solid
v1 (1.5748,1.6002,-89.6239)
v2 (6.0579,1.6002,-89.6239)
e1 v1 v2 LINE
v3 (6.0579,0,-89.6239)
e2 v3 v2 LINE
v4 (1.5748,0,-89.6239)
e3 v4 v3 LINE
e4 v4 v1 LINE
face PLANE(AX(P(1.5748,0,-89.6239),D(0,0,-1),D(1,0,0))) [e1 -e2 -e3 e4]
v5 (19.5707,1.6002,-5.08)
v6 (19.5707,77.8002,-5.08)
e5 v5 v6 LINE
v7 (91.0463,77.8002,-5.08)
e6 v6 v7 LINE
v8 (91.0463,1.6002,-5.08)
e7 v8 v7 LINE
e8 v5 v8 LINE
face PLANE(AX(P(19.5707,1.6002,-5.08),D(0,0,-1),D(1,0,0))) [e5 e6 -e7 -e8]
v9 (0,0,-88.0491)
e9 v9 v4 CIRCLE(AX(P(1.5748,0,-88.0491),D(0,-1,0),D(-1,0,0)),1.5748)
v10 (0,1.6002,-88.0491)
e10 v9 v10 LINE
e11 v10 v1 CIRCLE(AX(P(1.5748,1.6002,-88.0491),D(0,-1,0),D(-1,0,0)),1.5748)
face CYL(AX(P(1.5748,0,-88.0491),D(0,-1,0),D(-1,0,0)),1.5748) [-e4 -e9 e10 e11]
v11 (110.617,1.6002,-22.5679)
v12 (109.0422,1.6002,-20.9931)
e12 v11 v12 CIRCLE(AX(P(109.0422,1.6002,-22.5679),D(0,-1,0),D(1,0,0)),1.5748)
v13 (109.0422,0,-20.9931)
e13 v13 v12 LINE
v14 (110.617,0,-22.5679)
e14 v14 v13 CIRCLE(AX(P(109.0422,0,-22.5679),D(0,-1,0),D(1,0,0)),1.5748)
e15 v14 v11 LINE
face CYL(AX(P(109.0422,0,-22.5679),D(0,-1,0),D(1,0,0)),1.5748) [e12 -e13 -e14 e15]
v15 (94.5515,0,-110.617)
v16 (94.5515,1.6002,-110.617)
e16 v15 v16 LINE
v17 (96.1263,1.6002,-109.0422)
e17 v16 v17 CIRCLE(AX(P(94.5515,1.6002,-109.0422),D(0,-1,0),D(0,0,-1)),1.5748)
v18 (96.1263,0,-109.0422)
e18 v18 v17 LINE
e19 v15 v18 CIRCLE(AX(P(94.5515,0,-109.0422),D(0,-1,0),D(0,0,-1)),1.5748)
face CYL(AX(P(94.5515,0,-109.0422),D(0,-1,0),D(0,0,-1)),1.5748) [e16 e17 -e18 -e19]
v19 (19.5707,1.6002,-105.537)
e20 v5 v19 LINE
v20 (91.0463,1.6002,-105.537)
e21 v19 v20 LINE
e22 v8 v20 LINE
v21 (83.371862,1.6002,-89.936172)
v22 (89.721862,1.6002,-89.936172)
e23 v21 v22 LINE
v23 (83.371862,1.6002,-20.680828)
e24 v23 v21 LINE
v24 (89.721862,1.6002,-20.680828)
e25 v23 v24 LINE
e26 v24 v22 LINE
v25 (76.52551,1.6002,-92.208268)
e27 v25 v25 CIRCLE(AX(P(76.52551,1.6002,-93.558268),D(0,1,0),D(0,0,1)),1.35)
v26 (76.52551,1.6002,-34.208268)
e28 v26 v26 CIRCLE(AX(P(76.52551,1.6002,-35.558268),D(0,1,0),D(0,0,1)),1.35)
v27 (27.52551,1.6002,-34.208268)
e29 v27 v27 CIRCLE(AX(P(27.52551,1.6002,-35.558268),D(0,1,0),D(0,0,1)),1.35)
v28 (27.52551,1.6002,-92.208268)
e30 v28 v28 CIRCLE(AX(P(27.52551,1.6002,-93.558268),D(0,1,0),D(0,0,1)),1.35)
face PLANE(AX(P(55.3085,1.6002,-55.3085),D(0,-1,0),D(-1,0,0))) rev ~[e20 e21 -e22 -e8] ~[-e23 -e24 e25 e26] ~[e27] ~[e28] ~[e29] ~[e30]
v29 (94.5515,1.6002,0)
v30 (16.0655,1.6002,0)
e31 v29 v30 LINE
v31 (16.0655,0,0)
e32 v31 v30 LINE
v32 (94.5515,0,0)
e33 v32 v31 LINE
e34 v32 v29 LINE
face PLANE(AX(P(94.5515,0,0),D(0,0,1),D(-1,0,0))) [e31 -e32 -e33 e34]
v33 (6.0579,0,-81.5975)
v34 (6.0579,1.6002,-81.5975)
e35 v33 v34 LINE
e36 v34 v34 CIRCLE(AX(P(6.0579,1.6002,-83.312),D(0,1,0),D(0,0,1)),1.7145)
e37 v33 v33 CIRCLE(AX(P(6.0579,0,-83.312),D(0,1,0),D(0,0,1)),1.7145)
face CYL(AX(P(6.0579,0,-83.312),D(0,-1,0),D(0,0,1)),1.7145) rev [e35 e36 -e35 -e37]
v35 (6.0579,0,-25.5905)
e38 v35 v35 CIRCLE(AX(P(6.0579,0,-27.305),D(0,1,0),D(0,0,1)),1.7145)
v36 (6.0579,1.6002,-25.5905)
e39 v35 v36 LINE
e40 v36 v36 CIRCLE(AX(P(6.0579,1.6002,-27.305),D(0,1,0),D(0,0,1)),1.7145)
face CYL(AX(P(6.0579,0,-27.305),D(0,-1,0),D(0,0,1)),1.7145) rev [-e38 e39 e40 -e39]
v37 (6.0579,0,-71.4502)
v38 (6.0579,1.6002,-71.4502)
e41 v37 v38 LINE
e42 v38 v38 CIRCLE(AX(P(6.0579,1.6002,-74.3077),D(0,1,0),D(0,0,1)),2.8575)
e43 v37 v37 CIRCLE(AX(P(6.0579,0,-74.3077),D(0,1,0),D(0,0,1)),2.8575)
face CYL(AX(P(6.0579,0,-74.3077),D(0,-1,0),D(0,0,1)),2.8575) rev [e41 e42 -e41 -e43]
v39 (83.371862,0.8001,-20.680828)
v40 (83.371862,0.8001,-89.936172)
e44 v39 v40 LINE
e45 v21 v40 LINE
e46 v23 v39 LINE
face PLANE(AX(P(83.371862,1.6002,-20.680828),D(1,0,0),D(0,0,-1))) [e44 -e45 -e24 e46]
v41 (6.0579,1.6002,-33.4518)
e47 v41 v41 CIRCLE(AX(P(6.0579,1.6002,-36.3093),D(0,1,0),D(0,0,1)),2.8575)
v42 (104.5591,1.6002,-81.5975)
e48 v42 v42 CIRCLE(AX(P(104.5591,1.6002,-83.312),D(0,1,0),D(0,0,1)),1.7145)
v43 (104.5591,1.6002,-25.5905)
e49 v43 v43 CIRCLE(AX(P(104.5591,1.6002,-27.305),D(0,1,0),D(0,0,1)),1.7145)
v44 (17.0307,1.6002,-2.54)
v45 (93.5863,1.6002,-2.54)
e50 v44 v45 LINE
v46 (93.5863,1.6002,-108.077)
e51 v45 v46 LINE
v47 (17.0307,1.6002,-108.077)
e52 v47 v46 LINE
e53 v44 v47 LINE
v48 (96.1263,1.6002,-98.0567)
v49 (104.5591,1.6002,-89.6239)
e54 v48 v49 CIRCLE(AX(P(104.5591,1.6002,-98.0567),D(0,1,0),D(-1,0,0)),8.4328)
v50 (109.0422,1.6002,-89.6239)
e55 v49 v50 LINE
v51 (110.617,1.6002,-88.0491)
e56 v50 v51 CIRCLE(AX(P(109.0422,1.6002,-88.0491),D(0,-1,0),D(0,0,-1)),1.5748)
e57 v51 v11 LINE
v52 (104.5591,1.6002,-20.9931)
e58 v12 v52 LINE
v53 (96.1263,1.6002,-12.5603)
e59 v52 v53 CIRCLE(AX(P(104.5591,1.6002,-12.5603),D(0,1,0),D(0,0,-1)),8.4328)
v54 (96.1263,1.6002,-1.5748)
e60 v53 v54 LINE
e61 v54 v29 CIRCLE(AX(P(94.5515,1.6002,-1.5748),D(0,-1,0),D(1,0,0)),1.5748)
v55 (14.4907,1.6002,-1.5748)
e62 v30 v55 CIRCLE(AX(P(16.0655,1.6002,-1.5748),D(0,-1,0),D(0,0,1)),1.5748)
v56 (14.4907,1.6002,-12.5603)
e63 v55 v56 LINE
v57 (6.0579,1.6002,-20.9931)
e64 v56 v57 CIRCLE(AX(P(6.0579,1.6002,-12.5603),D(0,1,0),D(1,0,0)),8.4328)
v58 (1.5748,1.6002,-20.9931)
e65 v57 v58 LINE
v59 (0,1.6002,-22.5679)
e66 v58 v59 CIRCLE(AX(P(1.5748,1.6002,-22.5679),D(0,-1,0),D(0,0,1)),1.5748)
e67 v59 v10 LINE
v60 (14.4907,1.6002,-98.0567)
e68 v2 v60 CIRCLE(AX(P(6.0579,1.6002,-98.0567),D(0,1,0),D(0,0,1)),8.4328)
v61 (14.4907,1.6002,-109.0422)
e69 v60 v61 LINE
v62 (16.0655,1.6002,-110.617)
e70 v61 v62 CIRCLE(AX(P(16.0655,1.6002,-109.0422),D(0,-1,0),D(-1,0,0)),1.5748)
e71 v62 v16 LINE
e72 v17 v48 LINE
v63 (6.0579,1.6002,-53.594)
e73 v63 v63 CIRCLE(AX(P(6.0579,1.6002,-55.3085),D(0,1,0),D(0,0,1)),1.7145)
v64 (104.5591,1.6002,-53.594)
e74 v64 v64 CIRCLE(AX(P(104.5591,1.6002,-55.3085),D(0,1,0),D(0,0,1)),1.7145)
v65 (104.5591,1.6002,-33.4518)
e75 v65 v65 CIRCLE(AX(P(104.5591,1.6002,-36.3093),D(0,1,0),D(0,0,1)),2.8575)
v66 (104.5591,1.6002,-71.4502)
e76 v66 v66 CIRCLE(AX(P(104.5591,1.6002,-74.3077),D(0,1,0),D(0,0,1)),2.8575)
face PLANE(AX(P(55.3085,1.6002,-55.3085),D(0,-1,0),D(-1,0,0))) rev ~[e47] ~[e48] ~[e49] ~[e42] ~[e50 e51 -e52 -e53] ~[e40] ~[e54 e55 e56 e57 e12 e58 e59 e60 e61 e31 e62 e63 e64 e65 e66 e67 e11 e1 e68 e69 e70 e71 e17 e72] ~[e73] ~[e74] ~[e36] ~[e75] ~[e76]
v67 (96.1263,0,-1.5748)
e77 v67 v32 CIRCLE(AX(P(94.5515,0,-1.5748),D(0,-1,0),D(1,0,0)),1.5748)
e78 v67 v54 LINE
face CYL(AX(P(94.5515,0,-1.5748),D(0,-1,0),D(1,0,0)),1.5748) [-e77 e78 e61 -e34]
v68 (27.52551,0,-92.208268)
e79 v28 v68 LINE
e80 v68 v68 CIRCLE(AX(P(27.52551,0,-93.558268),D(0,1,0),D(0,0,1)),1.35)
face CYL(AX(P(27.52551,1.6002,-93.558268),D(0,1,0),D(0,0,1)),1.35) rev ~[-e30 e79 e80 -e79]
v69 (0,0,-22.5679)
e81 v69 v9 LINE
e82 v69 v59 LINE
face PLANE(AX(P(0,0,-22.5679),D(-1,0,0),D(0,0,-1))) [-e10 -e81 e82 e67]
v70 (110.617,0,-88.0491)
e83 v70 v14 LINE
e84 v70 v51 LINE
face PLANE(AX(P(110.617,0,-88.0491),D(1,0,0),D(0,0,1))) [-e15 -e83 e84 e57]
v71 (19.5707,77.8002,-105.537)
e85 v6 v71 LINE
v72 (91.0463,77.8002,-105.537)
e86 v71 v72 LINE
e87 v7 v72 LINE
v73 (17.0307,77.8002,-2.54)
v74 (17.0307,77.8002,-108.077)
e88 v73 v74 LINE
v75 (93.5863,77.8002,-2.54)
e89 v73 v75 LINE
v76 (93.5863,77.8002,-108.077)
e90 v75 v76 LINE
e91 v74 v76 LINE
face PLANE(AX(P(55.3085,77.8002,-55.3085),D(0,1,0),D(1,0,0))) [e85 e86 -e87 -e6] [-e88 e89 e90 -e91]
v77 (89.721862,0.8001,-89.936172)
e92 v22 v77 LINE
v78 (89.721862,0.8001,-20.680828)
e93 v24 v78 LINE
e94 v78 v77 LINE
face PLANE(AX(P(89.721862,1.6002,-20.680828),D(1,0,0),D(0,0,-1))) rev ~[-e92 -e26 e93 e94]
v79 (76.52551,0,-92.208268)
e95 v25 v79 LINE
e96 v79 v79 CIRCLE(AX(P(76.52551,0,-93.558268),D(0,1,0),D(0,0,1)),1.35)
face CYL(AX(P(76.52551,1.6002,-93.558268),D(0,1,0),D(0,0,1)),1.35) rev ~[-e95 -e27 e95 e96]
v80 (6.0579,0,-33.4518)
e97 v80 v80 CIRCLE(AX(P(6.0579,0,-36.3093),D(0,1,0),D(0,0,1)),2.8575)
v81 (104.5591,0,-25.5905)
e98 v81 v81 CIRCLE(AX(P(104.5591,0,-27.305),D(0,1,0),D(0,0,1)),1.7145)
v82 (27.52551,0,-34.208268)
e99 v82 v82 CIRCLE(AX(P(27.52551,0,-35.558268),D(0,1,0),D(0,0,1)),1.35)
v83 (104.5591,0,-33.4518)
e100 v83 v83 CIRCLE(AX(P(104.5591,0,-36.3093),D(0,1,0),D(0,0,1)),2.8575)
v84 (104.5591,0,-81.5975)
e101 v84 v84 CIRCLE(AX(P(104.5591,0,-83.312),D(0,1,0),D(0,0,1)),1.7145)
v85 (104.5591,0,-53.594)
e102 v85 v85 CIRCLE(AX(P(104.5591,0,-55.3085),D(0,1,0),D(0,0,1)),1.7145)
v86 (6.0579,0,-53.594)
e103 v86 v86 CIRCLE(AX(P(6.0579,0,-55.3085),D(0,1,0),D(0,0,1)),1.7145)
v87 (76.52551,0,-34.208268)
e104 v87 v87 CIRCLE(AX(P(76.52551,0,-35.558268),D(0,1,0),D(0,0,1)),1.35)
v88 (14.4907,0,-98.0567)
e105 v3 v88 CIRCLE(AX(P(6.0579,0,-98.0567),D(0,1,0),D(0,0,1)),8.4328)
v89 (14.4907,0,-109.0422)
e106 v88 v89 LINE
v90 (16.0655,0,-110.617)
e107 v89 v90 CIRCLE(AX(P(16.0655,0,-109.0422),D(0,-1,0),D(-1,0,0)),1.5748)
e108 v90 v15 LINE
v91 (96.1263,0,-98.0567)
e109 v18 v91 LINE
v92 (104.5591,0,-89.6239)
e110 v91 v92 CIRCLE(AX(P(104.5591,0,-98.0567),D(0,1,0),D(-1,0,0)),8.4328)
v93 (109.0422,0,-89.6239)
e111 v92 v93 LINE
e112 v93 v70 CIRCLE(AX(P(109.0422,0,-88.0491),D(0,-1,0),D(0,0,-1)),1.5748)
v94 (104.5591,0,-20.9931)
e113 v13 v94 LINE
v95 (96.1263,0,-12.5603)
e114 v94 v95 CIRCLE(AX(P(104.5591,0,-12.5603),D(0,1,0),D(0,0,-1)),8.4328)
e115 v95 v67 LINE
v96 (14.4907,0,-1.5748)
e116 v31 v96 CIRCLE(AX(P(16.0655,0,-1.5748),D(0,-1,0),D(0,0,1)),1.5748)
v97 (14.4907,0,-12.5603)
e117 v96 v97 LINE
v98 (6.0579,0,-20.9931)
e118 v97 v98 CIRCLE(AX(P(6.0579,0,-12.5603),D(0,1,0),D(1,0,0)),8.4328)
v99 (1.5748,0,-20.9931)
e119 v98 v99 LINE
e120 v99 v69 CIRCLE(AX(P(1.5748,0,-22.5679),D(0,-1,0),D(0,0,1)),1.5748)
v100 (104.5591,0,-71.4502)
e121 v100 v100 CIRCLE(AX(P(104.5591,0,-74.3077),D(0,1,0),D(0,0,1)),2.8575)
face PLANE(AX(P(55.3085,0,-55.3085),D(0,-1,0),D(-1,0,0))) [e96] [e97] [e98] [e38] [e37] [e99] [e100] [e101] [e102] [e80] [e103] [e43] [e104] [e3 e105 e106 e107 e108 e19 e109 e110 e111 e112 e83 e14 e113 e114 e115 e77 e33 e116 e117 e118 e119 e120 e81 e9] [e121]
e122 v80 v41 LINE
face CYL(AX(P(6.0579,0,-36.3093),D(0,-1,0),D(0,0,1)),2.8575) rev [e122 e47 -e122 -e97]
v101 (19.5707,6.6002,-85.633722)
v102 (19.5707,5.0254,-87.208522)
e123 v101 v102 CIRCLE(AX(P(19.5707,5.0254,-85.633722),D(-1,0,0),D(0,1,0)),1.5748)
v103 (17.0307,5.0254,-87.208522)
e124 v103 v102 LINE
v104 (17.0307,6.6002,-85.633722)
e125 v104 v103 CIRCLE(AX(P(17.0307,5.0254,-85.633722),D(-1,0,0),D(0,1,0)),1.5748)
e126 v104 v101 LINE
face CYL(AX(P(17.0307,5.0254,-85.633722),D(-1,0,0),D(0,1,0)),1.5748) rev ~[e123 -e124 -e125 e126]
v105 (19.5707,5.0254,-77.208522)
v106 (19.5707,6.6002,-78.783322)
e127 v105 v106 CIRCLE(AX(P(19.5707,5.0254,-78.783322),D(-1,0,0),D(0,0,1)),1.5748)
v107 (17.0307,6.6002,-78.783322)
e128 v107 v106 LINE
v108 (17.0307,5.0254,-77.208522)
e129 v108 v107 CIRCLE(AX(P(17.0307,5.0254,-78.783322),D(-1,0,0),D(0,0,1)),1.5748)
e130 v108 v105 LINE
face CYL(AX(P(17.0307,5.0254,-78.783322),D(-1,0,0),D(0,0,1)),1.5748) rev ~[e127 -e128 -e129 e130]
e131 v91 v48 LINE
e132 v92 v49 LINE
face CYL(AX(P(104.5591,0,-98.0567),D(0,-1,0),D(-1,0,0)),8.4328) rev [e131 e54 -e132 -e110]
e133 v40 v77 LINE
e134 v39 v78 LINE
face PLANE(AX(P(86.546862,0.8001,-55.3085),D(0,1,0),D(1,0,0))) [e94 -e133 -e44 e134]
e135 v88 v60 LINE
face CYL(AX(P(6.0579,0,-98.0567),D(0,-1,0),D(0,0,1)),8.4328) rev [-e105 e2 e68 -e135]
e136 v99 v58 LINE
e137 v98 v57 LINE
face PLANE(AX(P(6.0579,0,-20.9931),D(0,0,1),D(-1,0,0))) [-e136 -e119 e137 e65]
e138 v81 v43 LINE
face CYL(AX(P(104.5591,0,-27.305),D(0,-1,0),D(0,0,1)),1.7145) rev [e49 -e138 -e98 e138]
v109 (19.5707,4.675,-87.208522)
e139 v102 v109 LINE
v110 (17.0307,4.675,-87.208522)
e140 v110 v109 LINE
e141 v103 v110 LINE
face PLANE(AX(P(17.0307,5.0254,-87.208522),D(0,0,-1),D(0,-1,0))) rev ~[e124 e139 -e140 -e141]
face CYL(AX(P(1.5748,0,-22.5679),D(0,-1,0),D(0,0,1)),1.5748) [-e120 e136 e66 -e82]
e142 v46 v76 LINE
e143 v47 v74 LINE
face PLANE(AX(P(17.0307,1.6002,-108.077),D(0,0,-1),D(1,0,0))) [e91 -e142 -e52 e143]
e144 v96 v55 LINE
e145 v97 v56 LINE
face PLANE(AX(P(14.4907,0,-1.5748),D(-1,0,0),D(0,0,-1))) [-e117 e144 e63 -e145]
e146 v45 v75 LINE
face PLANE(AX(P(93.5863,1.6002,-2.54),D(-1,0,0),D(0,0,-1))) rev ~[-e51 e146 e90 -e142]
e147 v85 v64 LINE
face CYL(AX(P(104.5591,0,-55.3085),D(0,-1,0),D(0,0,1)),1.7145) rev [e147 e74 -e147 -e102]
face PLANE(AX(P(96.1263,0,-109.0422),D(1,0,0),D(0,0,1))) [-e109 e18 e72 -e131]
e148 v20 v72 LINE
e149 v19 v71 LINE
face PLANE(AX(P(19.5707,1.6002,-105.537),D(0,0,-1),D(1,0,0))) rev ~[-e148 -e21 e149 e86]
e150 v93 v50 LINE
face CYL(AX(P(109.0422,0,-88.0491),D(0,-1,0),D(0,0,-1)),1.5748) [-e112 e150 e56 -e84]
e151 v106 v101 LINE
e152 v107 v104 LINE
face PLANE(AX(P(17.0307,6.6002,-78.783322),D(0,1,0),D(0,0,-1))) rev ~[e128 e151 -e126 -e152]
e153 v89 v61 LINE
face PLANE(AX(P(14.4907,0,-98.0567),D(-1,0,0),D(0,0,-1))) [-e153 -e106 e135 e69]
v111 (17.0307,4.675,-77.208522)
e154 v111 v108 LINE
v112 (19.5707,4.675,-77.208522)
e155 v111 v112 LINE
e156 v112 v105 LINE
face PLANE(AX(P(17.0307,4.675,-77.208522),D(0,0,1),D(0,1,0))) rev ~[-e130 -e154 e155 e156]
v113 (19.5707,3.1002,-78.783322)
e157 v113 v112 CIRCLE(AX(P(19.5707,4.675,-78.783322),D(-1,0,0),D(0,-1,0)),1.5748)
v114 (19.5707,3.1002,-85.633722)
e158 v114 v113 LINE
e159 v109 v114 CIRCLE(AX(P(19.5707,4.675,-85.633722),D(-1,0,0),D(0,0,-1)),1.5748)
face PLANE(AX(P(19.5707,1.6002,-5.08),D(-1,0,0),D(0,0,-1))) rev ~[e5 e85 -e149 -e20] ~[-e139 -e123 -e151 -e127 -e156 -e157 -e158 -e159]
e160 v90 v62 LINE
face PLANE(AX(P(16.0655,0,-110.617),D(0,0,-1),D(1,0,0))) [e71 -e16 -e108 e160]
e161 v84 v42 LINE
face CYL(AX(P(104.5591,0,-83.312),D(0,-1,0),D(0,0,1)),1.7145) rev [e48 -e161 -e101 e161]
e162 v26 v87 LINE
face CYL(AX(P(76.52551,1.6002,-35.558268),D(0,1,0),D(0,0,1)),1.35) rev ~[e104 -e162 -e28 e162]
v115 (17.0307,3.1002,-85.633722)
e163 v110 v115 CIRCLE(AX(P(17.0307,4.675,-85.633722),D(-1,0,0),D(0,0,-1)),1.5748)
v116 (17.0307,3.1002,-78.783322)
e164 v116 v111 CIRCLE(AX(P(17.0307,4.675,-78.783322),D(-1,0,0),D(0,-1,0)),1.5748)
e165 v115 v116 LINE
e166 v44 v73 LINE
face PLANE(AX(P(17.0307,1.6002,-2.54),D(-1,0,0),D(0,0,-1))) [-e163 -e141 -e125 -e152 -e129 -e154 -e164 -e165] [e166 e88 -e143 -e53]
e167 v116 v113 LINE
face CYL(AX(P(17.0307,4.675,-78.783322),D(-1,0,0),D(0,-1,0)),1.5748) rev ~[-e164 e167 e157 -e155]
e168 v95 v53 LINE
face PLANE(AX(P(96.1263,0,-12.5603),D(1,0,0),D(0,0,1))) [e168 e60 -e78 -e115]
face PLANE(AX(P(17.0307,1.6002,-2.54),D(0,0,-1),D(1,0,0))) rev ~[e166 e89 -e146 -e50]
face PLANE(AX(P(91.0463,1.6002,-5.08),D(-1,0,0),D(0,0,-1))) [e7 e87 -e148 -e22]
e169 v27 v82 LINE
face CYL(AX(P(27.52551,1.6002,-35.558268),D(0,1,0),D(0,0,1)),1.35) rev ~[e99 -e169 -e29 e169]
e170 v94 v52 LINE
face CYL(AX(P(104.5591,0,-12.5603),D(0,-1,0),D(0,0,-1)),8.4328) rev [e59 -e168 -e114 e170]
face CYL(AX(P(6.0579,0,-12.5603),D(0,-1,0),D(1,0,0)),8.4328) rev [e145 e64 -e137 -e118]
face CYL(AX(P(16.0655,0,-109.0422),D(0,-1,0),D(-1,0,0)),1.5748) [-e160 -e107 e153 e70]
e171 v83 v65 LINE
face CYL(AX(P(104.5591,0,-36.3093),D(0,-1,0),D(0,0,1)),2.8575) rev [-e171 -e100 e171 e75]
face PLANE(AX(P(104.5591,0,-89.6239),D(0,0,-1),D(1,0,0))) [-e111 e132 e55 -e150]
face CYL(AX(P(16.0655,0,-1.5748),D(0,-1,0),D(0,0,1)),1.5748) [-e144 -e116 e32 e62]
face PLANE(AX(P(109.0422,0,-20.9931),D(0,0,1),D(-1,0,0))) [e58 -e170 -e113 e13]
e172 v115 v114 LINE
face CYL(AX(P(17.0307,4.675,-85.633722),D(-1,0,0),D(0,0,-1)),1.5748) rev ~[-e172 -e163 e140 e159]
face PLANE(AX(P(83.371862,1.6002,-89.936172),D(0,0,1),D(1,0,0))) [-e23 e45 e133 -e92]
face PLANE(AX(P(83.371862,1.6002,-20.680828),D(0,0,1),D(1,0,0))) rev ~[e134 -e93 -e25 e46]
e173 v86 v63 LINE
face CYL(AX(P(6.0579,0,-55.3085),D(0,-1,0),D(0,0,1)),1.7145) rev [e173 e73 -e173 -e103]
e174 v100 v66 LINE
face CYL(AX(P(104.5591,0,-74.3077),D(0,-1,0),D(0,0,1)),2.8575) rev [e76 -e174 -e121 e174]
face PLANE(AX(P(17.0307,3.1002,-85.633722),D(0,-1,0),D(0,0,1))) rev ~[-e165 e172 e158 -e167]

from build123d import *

# Parameters (mm, degrees)
SKETCH1_R              = 1.7145
SKETCH1_R_2            = 2.8575
BASE_DEPTH             = 1.6002
SKETCH3_W              = 6.35
SKETCH3_H              = 69.255343758
BREADBOARD_SLICE_DEPTH = 0.8001
RPI_HOLES_SIZING_R     = 1.35
RPI_HOLES_DEPTH        = 157.444245717
WALL_BASE_W            = 76.5556
WALL_BASE_H            = 105.537
WALL_BASE_W_2          = 71.4756
WALL_BASE_H_2          = 100.457
WALL_DEPTH             = 76.2
USBC_DEPTH             = 2.54


with BuildPart() as part:
    # Sketch1 → Base (new body)
    with BuildSketch(Plane(origin=(0, 0, 0), x_dir=(1, 0, 0), z_dir=(0, 1, 0))):
        with BuildLine():
            Line((0, 22.5679), (0, 88.0491))
            ThreePointArc((0, 88.0491), (0.461248241, 89.162651759), (1.5748, 89.6239))
            Line((1.5748, 89.6239), (6.0579, 89.6239))
            ThreePointArc((6.0579, 89.6239), (12.020790064, 92.093809936), (14.4907, 98.0567))
            Line((14.4907, 98.0567), (14.4907, 109.0422))
            ThreePointArc((14.4907, 109.0422), (14.951948241, 110.155751759), (16.0655, 110.617))
            Line((16.0655, 110.617), (94.5515, 110.617))
            ThreePointArc((94.5515, 110.617), (95.665051759, 110.155751759), (96.1263, 109.0422))
            Line((96.1263, 109.0422), (96.1263, 98.0567))
            ThreePointArc((96.1263, 98.0567), (98.596209936, 92.093809936), (104.5591, 89.6239))
            Line((104.5591, 89.6239), (109.0422, 89.6239))
            ThreePointArc((109.0422, 89.6239), (110.155751759, 89.162651759), (110.617, 88.0491))
            Line((110.617, 88.0491), (110.617, 22.5679))
            ThreePointArc((110.617, 22.5679), (110.155751759, 21.454348241), (109.0422, 20.9931))
            Line((109.0422, 20.9931), (104.5591, 20.9931))
            ThreePointArc((104.5591, 20.9931), (98.596209936, 18.523190064), (96.1263, 12.5603))
            Line((96.1263, 12.5603), (96.1263, 1.5748))
            ThreePointArc((96.1263, 1.5748), (95.665051759, 0.461248241), (94.5515, 0))
            Line((94.5515, 0), (16.0655, 0))
            ThreePointArc((16.0655, 0), (14.951948241, 0.461248241), (14.4907, 1.5748))
            Line((14.4907, 1.5748), (14.4907, 12.5603))
            ThreePointArc((14.4907, 12.5603), (12.020790064, 18.523190064), (6.0579, 20.9931))
            Line((6.0579, 20.9931), (1.5748, 20.9931))
            ThreePointArc((1.5748, 20.9931), (0.461248241, 21.454348241), (0, 22.5679))
        make_face()
        with Locations(Location((6.0579, 83.312, 0), (0, 0, 270))):
            Circle(SKETCH1_R, mode=Mode.SUBTRACT)
        with Locations(Location((6.0579, 27.305, 0), (0, 0, 270))):
            Circle(SKETCH1_R, mode=Mode.SUBTRACT)
        with Locations(Location((6.0579, 55.3085, 0), (0, 0, 270))):
            Circle(SKETCH1_R, mode=Mode.SUBTRACT)
        with Locations(Location((104.5591, 83.312, 0), (0, 0, 270))):
            Circle(SKETCH1_R, mode=Mode.SUBTRACT)
        with Locations(Location((104.5591, 55.3085, 0), (0, 0, 270))):
            Circle(SKETCH1_R, mode=Mode.SUBTRACT)
        with Locations(Location((104.5591, 27.305, 0), (0, 0, 270))):
            Circle(SKETCH1_R, mode=Mode.SUBTRACT)
        with Locations(Location((6.0579, 74.3077, 0), (0, 0, 270))):
            Circle(SKETCH1_R_2, mode=Mode.SUBTRACT)
        with Locations(Location((104.5591, 74.3077, 0), (0, 0, 270))):
            Circle(SKETCH1_R_2, mode=Mode.SUBTRACT)
        with Locations(Location((104.5591, 36.3093, 0), (0, 0, 270))):
            Circle(SKETCH1_R_2, mode=Mode.SUBTRACT)
        with Locations(Location((6.0579, 36.3093, 0), (0, 0, 270))):
            Circle(SKETCH1_R_2, mode=Mode.SUBTRACT)
    extrude(amount=BASE_DEPTH)

    # Sketch3 → Breadboard Slice (cut)
    with BuildSketch(Plane(origin=(0, 1.6002, 0), x_dir=(1, 0, 0), z_dir=(0, 1, 0))):
        with Locations((86.546861599, 55.3085)):
            Rectangle(SKETCH3_W, SKETCH3_H)
    extrude(amount=-BREADBOARD_SLICE_DEPTH, mode=Mode.SUBTRACT)

    # RPi Holes + Sizing → RPi Holes (cut, through all)
    with BuildSketch(Plane(origin=(0, 1.6002, 0), x_dir=(1, 0, 0), z_dir=(0, 1, 0))):
        with Locations(Location((27.525509773, 93.558267586, 0), (0, 0, 270))):
            Circle(RPI_HOLES_SIZING_R)
        with Locations(Location((76.525509773, 93.558267586, 0), (0, 0, 270))):
            Circle(RPI_HOLES_SIZING_R)
        with Locations(Location((27.525509773, 35.558267586, 0), (0, 0, 270))):
            Circle(RPI_HOLES_SIZING_R)
        with Locations(Location((76.525509773, 35.558267586, 0), (0, 0, 270))):
            Circle(RPI_HOLES_SIZING_R)
    extrude(amount=-RPI_HOLES_DEPTH, mode=Mode.SUBTRACT)

    # Wall Base → Wall (add)
    with BuildSketch(Plane(origin=(0, 1.6002, 0), x_dir=(1, 0, 0), z_dir=(0, 1, 0))):
        with Locations((55.3085, 55.3085)):
            Rectangle(WALL_BASE_W, WALL_BASE_H)
        with Locations((55.3085, 55.3085)):
            Rectangle(WALL_BASE_W_2, WALL_BASE_H_2, mode=Mode.SUBTRACT)
    extrude(amount=WALL_DEPTH)

    # Sketch6 → USBC (cut)
    with BuildSketch(Plane.ZY.offset(-17.0307)):
        with BuildLine():
            Line((-85.633722135, 3.1002), (-78.783322135, 3.1002))
            ThreePointArc((-78.783322135, 3.1002), (-77.669770376, 3.561448241), (-77.208522135, 4.675))
            Line((-77.208522135, 4.675), (-77.208522135, 5.0254))
            ThreePointArc((-77.208522135, 5.0254), (-77.669770376, 6.138951759), (-78.783322135, 6.6002))
            Line((-78.783322135, 6.6002), (-85.633722135, 6.6002))
            ThreePointArc((-85.633722135, 6.6002), (-86.747273894, 6.138951759), (-87.208522135, 5.0254))
            Line((-87.208522135, 5.0254), (-87.208522135, 4.675))
            ThreePointArc((-87.208522135, 4.675), (-86.747273894, 3.561448241), (-85.633722135, 3.1002))
        make_face()
    extrude(amount=-USBC_DEPTH, mode=Mode.SUBTRACT)


solid = part.part
